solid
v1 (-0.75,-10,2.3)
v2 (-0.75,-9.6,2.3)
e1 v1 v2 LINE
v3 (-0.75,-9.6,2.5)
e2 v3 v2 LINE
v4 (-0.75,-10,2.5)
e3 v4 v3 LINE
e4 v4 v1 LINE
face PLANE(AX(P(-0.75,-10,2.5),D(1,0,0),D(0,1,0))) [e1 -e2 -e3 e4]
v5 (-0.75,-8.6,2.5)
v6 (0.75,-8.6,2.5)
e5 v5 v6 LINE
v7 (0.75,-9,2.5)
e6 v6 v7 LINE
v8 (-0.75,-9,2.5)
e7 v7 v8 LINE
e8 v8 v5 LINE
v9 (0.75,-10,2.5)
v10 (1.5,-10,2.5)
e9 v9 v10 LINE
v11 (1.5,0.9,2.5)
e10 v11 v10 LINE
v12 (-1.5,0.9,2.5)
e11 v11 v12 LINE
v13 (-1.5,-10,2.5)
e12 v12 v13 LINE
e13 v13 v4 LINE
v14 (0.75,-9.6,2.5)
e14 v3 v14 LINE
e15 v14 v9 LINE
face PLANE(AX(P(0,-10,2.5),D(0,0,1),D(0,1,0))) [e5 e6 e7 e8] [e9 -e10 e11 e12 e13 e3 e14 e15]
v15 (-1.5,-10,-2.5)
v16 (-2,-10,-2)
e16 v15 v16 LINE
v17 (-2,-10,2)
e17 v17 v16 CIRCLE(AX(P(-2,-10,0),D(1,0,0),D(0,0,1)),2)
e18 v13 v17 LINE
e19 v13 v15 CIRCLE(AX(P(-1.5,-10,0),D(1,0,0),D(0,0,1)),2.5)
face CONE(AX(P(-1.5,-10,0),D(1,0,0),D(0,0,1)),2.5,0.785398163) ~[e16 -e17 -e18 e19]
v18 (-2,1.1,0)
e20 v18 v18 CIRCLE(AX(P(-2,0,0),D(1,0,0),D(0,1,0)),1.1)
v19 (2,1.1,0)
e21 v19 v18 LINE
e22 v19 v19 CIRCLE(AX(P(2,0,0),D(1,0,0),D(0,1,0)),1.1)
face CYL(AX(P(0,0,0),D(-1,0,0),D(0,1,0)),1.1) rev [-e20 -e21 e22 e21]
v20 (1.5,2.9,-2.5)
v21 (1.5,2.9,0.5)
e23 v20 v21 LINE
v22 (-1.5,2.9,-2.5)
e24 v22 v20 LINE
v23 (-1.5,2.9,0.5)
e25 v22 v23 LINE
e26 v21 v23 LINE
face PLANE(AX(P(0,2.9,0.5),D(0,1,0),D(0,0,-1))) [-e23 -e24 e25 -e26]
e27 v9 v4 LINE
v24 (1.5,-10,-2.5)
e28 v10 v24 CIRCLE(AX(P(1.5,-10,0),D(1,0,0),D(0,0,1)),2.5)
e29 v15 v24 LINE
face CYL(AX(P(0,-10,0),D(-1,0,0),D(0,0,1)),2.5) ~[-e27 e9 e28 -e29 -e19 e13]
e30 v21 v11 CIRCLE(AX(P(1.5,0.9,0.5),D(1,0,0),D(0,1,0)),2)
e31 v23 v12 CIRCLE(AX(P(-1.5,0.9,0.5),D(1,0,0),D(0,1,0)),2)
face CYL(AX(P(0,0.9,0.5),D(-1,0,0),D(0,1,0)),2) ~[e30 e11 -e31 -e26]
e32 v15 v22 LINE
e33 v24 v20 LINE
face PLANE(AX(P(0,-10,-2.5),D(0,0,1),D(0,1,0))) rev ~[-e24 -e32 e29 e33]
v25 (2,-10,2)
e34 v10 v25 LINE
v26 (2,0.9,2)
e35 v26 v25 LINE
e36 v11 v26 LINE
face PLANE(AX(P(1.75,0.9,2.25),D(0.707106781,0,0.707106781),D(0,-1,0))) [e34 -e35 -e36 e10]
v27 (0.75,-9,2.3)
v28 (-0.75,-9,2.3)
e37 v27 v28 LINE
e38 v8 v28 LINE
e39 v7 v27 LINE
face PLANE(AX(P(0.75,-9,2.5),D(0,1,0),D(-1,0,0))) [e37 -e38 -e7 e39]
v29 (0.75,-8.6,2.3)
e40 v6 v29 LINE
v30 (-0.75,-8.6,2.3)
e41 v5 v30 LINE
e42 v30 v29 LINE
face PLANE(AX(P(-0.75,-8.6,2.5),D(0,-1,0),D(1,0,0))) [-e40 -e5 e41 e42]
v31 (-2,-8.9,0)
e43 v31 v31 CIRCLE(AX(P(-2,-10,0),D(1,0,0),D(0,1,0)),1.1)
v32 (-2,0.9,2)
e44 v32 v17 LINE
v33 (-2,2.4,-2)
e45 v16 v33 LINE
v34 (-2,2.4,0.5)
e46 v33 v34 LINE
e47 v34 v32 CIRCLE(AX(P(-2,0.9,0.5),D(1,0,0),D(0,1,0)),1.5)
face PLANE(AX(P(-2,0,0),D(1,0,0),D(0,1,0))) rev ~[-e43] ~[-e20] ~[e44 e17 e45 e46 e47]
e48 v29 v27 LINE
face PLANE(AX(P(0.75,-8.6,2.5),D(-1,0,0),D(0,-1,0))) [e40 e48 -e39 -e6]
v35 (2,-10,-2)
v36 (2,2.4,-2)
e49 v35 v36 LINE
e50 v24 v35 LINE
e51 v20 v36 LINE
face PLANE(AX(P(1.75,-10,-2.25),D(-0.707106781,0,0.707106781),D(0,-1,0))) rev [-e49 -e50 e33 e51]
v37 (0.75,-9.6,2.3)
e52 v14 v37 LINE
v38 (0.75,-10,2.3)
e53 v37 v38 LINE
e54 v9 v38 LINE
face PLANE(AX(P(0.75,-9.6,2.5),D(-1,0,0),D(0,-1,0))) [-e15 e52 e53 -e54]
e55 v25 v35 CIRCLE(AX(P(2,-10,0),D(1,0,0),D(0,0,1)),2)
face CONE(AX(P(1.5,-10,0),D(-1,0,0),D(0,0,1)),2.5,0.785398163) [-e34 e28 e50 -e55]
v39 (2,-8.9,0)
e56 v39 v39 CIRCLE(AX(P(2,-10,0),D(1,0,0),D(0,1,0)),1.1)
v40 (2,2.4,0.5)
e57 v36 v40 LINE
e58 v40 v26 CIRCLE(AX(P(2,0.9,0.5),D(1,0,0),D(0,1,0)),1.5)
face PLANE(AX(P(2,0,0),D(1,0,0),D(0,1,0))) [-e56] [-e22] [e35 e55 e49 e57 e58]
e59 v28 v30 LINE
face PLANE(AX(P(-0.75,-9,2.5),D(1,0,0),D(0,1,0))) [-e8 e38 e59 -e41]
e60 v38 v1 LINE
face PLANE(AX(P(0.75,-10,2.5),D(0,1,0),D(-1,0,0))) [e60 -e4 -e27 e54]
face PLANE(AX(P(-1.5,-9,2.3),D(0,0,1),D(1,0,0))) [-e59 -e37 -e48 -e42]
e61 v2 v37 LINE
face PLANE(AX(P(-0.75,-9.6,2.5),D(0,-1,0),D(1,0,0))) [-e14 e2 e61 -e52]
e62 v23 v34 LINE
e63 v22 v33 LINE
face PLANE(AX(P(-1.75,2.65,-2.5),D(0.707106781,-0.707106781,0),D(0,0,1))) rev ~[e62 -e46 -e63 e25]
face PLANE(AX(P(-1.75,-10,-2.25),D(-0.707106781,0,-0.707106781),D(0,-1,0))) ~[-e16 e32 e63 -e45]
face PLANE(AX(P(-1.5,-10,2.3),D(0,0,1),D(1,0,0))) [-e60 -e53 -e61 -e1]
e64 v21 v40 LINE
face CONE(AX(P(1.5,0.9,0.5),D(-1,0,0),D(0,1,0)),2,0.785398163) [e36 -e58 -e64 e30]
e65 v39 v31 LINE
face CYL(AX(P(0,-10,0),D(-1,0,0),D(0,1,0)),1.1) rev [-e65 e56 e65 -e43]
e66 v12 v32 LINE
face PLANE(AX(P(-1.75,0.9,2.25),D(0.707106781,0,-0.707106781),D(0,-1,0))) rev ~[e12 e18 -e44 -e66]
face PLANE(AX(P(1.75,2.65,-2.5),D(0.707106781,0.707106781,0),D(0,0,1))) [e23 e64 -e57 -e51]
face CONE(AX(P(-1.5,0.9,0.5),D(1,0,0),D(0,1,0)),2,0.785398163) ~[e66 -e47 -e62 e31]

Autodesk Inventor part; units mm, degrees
ref_plane "YZ Plane" through (0, 0, 0) normal (1, 0, 0) x (0, 1, 0)
ref_plane "XZ Plane" through (0, 0, 0) normal (0, 1, 0) x (-1, 0, 0)
ref_plane "XY Plane" through (0, 0, 0) normal (0, 0, 1) x (1, 0, 0)
sketch "Skizze1" plane through (0, 0, 0) normal (1, 0, 0) x (0, 1, 0)
  line L0 (0, 0) -> (-10, 0) construction
  circle A0 centre (0, 0) radius 1.1
  circle A1 centre (-10, 0) radius 1.1
  arc A2 (-10, 2.5) -> (-10, -2.5) centre (-10, 0) ccw
  line L1 (-10, -2.5) -> (2.9, -2.5)
  line L2 (-10, 2.5) -> (0.9, 2.5)
  arc A3 (2.9, 0.5) -> (0.9, 2.5) centre (0.9, 0.5) ccw
  line L3 (2.9, 0.5) -> (2.9, -2.5)
  dimension "d0" = 10
  dimension "d1" = 2.2
  dimension "d2" = 2.2
  dimension "d3" = 2.5
  dimension "d8" = 2
  dimension "d9" = 2.9
extrude "Extrusion1" add sketch "Skizze1" along normal mid plane 4
chamfer "Fase1" distance 0.5 angle 45 10 edges at (2, 2.3142, 1.9142) (2, -4.55, 2.5) (2, -12.5, 0) (2, -3.55, -2.5) (2, 2.9, -1) (-2, 2.3142, 1.9142) (-2, -4.55, 2.5) (-2, -12.5, 0) (-2, -3.55, -2.5) (-2, 2.9, -1)
sketch "Skizze4" plane through (-1.5, -10, 2.5) normal (0, 0, 1) x (1, 0, 0)
  line L0 (1.5, 15.98) -> (1.5, -5.58) construction
  line L1 (0, 0) -> (3, 0) construction
  line L2 (0.75, 0.4) -> (2.25, 0.4)
  line L3 (2.25, 0.4) -> (2.25, 0)
  line L4 (2.25, 0) -> (0.75, 0)
  line L5 (0.75, 0) -> (0.75, 0.4)
  line L6 (0.75, 0.4) -> (2.25, 0) construction
  line L7 (2.25, 0.4) -> (0.75, 0) construction
  point P0 (1.5, 10)
  point P1 (1.5, 0.2)
  point P2 (1.5, 0)
  dimension "d23" = 0.4
  dimension "d24" = 1.5
extrude "Extrusion3" cut sketch "Skizze4" against normal blind 0.2
pattern_linear "Rechteckige Anordnung1" count 2 spacing 1 along (0, 1, 0) of "Extrusion3"
equation "\"d2\" = d1"
properties part number "Chipanschlag T1"
